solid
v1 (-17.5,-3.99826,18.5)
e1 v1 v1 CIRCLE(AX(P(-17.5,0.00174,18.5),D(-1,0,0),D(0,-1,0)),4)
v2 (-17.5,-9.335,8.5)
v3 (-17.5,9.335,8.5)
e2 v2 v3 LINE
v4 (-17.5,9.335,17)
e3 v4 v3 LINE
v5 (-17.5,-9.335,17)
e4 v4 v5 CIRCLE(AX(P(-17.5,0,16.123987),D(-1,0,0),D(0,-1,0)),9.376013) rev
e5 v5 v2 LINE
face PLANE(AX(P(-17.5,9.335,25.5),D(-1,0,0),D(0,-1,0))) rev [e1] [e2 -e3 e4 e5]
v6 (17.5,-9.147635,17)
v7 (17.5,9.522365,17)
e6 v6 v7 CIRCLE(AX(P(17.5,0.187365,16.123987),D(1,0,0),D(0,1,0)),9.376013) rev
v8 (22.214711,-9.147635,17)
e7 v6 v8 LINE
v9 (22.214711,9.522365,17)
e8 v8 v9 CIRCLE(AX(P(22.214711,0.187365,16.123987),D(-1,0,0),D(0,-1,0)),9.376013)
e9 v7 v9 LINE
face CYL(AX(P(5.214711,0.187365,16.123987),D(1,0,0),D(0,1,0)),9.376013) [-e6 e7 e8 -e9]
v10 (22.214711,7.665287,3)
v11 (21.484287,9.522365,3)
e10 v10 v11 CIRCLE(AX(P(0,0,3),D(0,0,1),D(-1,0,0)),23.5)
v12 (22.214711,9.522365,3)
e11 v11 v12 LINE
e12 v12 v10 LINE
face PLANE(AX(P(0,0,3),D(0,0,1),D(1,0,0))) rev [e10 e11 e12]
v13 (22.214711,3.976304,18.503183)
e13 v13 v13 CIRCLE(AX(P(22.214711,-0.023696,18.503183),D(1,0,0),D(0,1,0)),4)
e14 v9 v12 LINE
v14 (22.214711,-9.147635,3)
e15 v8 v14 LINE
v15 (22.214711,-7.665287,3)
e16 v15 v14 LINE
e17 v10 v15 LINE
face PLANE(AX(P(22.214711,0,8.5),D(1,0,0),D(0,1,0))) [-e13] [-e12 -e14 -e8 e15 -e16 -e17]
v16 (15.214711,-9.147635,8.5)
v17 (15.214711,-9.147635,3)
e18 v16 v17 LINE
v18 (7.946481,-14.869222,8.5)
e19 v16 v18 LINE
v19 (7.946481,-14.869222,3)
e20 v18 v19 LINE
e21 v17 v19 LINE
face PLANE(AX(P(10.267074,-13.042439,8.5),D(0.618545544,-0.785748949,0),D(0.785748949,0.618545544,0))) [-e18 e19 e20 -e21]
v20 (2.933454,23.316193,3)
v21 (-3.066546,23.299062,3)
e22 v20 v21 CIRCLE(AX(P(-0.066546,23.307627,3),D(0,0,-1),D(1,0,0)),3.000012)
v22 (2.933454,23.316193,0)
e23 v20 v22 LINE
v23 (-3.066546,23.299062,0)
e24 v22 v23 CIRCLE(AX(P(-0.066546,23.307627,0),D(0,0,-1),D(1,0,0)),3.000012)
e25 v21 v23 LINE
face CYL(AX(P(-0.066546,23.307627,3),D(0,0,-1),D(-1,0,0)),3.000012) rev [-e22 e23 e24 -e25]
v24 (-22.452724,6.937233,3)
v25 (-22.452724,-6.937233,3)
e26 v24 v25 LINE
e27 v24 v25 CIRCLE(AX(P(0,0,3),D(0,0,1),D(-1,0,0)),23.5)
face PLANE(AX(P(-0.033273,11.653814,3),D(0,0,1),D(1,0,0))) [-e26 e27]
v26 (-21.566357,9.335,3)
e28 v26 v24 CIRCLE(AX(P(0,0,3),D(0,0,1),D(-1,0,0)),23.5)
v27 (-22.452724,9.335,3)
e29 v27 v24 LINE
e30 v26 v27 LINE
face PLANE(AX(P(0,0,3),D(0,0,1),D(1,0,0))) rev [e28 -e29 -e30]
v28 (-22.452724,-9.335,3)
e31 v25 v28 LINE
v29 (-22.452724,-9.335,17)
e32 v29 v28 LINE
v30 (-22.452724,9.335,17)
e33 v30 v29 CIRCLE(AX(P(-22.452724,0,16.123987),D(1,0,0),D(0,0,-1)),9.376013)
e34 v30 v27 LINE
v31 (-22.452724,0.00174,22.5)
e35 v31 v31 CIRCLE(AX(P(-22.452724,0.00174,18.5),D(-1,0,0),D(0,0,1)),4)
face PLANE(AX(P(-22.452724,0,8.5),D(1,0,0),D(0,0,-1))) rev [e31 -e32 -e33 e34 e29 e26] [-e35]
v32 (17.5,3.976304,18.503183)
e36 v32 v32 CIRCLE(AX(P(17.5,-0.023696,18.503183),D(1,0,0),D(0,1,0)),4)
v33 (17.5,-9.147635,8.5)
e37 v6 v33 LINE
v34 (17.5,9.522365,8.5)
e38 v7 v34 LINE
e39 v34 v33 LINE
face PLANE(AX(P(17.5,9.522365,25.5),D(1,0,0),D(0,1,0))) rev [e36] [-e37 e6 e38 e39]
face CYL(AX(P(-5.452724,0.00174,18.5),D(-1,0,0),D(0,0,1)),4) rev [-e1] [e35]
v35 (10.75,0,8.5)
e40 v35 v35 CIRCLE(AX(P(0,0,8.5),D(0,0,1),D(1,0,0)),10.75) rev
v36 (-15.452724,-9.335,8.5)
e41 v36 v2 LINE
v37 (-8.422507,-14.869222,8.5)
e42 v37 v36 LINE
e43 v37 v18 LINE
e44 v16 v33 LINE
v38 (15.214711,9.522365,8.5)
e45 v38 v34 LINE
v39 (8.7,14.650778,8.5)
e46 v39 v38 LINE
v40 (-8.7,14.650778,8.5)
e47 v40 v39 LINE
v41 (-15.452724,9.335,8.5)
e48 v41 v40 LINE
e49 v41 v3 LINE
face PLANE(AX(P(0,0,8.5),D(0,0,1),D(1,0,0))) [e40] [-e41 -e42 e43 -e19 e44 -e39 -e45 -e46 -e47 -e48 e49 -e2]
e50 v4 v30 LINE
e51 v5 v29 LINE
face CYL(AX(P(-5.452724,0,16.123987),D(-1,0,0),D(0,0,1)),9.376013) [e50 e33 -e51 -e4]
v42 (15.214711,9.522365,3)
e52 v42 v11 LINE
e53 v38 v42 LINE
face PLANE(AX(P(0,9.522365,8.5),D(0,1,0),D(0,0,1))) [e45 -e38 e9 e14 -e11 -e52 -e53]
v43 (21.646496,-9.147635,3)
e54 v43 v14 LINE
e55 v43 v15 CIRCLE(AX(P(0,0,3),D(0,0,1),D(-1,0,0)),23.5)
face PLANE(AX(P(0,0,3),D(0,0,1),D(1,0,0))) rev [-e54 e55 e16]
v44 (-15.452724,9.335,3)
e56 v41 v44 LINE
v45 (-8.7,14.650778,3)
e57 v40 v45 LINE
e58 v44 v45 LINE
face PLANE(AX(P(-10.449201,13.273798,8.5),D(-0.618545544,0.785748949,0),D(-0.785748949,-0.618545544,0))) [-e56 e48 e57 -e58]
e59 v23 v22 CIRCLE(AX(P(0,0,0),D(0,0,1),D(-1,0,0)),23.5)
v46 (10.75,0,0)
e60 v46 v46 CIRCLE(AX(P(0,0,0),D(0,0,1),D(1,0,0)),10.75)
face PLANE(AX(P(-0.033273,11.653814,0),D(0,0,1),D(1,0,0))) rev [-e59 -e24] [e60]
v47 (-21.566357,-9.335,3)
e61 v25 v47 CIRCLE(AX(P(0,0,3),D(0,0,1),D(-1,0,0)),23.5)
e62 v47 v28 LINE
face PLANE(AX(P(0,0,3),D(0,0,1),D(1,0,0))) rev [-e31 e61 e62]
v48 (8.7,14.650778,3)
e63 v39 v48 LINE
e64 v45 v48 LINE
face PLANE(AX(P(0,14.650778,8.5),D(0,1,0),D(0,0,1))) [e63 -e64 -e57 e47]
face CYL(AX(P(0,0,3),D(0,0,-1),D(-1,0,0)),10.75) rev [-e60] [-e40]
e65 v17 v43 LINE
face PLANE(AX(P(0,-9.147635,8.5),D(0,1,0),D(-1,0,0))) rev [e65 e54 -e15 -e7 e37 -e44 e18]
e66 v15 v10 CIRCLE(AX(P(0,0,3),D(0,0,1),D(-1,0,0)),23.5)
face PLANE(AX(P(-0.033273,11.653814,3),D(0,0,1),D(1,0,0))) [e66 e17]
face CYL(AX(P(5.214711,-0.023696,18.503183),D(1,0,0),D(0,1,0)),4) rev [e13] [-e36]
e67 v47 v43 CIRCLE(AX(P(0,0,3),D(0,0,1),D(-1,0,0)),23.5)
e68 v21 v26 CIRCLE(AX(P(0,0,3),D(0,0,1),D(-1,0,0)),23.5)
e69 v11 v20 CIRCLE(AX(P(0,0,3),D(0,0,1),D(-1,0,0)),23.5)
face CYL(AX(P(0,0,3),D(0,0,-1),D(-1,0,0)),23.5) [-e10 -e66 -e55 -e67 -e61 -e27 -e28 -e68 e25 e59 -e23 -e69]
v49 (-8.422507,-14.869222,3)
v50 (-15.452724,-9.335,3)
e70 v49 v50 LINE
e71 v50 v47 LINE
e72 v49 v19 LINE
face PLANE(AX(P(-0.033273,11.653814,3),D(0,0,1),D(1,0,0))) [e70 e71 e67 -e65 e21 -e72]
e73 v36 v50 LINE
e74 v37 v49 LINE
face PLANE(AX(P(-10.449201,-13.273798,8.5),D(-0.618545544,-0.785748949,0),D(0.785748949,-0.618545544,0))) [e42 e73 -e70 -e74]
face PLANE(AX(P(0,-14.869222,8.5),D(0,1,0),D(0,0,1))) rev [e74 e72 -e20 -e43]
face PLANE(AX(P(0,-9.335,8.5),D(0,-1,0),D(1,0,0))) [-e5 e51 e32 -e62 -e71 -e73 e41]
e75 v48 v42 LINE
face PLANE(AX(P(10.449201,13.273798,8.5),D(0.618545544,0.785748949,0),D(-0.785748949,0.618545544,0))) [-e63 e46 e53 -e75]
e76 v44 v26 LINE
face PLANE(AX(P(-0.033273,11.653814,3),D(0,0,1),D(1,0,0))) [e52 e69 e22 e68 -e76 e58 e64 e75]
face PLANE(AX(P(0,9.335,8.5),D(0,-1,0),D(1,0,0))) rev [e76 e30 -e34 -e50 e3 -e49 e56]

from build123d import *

# Parameters (mm, degrees)
SKETCH1_R           = 10.75
BOSS_EXTRUDE1_DEPTH = 3
SKETCH2_R           = 10.75
SKETCH2_W           = 7
SKETCH2_H           = 18.67
BOSS_EXTRUDE2_DEPTH = 5.5
SKETCH3_W           = 4.95272352
SKETCH3_H           = 18.67
SKETCH3_W_2         = 4.714710678
BOSS_EXTRUDE3_DEPTH = 17
CUT_EXTRUDE1_DEPTH  = 17
SKETCH5_R           = 4
CUT_EXTRUDE2_DEPTH  = 17
CUT_EXTRUDE3_DEPTH  = 17
SKETCH7_R           = 4
CUT_EXTRUDE4_DEPTH  = 17


with BuildPart() as part:
    # Sketch1 → Boss-Extrude1 (new body)
    with BuildSketch(Plane.XY):
        with BuildLine():
            ThreePointArc((2.933453688, 23.316192859), (0.067095287, -23.499904217), (-3.066546312, 23.299062078))
            ThreePointArc((-3.066546312, 23.299062078), (-0.057980921, 20.307627469), (2.933453688, 23.316192859))
        make_face()
        Circle(SKETCH1_R, mode=Mode.SUBTRACT)
    extrude(amount=BOSS_EXTRUDE1_DEPTH)

    # Sketch2 → Boss-Extrude2 (add)
    # profile 1 of 3: a face of its own
    with BuildSketch(Plane.XY.offset(3)):
        Polygon((8.7, 14.650778086), (-8.7, 14.650778086), (-15.45272352, 9.335), (-15.45272352, -9.335), (-8.422507082, -14.869221914), (7.946481399, -14.869221914), (15.214710678, -9.147635088), (15.214710678, 9.522364912), align=None)
        Circle(SKETCH2_R, mode=Mode.SUBTRACT)
    # profile 2 of 3: a face of its own
    with BuildSketch(Plane.XY.offset(3)):
        with Locations((-18.95272352, 0)):
            Rectangle(SKETCH2_W, SKETCH2_H)
    # profile 3 of 3: a face of its own
    with BuildSketch(Plane.XY.offset(3)):
        with Locations((18.714710678, 0.187364912)):
            Rectangle(SKETCH2_W, SKETCH2_H)
    extrude(amount=BOSS_EXTRUDE2_DEPTH)

    # Sketch3 → Boss-Extrude3 (add)
    with BuildSketch(Plane.XY.offset(8.5)):
        with Locations((-19.97636176, 0)):
            Rectangle(SKETCH3_W, SKETCH3_H)
        with Locations((19.857355339, 0.187364912)):
            Rectangle(SKETCH3_W_2, SKETCH3_H)
    extrude(amount=BOSS_EXTRUDE3_DEPTH)

    # Sketch4 → Cut-Extrude1 (cut)
    with BuildSketch(Plane.ZY.offset(22.45272352)):
        with BuildLine():
            Line((17, 9.335), (17, 13.633615677))
            Line((17, 13.633615677), (31.027251007, 13.633615677))
            Line((31.027251007, 13.633615677), (31.027251007, -15.42955238))
            Line((31.027251007, -15.42955238), (17, -15.42955238))
            Line((17, -15.42955238), (17, -9.335))
            ThreePointArc((17, -9.335), (25.5, 0), (17, 9.335))
        make_face()
    extrude(amount=-CUT_EXTRUDE1_DEPTH, mode=Mode.SUBTRACT)

    # Sketch5 → Cut-Extrude2 (cut)
    with BuildSketch(Plane.ZY.offset(22.45272352)):
        with Locations((18.500000216, 0.001740409)):
            Circle(SKETCH5_R)
    extrude(amount=-CUT_EXTRUDE2_DEPTH, mode=Mode.SUBTRACT)

    # Sketch6 → Cut-Extrude3 (cut)
    with BuildSketch(Plane(origin=(22.214710678, 0, 0), x_dir=(0, 0, -1), z_dir=(1, 0, 0))):
        with BuildLine():
            Line((-17, 9.522364912), (-17, 12.0175707))
            Line((-17, 12.0175707), (-28.32322093, 12.0175707))
            Line((-28.32322093, 12.0175707), (-28.32322093, -10.554300966))
            Line((-28.32322093, -10.554300966), (-17, -10.554300966))
            Line((-17, -10.554300966), (-17, -9.147635088))
            ThreePointArc((-17, -9.147635088), (-25.5, 0.187364912), (-17, 9.522364912))
        make_face()
    extrude(amount=-CUT_EXTRUDE3_DEPTH, mode=Mode.SUBTRACT)

    # Sketch7 → Cut-Extrude4 (cut)
    with BuildSketch(Plane(origin=(22.214710678, 0, 0), x_dir=(0, 0, -1), z_dir=(1, 0, 0))):
        with Locations(Location((-18.503182636, -0.023696141, 0), (0, 0, 90))):
            Circle(SKETCH7_R)
    extrude(amount=-CUT_EXTRUDE4_DEPTH, mode=Mode.SUBTRACT)


solid = part.part
